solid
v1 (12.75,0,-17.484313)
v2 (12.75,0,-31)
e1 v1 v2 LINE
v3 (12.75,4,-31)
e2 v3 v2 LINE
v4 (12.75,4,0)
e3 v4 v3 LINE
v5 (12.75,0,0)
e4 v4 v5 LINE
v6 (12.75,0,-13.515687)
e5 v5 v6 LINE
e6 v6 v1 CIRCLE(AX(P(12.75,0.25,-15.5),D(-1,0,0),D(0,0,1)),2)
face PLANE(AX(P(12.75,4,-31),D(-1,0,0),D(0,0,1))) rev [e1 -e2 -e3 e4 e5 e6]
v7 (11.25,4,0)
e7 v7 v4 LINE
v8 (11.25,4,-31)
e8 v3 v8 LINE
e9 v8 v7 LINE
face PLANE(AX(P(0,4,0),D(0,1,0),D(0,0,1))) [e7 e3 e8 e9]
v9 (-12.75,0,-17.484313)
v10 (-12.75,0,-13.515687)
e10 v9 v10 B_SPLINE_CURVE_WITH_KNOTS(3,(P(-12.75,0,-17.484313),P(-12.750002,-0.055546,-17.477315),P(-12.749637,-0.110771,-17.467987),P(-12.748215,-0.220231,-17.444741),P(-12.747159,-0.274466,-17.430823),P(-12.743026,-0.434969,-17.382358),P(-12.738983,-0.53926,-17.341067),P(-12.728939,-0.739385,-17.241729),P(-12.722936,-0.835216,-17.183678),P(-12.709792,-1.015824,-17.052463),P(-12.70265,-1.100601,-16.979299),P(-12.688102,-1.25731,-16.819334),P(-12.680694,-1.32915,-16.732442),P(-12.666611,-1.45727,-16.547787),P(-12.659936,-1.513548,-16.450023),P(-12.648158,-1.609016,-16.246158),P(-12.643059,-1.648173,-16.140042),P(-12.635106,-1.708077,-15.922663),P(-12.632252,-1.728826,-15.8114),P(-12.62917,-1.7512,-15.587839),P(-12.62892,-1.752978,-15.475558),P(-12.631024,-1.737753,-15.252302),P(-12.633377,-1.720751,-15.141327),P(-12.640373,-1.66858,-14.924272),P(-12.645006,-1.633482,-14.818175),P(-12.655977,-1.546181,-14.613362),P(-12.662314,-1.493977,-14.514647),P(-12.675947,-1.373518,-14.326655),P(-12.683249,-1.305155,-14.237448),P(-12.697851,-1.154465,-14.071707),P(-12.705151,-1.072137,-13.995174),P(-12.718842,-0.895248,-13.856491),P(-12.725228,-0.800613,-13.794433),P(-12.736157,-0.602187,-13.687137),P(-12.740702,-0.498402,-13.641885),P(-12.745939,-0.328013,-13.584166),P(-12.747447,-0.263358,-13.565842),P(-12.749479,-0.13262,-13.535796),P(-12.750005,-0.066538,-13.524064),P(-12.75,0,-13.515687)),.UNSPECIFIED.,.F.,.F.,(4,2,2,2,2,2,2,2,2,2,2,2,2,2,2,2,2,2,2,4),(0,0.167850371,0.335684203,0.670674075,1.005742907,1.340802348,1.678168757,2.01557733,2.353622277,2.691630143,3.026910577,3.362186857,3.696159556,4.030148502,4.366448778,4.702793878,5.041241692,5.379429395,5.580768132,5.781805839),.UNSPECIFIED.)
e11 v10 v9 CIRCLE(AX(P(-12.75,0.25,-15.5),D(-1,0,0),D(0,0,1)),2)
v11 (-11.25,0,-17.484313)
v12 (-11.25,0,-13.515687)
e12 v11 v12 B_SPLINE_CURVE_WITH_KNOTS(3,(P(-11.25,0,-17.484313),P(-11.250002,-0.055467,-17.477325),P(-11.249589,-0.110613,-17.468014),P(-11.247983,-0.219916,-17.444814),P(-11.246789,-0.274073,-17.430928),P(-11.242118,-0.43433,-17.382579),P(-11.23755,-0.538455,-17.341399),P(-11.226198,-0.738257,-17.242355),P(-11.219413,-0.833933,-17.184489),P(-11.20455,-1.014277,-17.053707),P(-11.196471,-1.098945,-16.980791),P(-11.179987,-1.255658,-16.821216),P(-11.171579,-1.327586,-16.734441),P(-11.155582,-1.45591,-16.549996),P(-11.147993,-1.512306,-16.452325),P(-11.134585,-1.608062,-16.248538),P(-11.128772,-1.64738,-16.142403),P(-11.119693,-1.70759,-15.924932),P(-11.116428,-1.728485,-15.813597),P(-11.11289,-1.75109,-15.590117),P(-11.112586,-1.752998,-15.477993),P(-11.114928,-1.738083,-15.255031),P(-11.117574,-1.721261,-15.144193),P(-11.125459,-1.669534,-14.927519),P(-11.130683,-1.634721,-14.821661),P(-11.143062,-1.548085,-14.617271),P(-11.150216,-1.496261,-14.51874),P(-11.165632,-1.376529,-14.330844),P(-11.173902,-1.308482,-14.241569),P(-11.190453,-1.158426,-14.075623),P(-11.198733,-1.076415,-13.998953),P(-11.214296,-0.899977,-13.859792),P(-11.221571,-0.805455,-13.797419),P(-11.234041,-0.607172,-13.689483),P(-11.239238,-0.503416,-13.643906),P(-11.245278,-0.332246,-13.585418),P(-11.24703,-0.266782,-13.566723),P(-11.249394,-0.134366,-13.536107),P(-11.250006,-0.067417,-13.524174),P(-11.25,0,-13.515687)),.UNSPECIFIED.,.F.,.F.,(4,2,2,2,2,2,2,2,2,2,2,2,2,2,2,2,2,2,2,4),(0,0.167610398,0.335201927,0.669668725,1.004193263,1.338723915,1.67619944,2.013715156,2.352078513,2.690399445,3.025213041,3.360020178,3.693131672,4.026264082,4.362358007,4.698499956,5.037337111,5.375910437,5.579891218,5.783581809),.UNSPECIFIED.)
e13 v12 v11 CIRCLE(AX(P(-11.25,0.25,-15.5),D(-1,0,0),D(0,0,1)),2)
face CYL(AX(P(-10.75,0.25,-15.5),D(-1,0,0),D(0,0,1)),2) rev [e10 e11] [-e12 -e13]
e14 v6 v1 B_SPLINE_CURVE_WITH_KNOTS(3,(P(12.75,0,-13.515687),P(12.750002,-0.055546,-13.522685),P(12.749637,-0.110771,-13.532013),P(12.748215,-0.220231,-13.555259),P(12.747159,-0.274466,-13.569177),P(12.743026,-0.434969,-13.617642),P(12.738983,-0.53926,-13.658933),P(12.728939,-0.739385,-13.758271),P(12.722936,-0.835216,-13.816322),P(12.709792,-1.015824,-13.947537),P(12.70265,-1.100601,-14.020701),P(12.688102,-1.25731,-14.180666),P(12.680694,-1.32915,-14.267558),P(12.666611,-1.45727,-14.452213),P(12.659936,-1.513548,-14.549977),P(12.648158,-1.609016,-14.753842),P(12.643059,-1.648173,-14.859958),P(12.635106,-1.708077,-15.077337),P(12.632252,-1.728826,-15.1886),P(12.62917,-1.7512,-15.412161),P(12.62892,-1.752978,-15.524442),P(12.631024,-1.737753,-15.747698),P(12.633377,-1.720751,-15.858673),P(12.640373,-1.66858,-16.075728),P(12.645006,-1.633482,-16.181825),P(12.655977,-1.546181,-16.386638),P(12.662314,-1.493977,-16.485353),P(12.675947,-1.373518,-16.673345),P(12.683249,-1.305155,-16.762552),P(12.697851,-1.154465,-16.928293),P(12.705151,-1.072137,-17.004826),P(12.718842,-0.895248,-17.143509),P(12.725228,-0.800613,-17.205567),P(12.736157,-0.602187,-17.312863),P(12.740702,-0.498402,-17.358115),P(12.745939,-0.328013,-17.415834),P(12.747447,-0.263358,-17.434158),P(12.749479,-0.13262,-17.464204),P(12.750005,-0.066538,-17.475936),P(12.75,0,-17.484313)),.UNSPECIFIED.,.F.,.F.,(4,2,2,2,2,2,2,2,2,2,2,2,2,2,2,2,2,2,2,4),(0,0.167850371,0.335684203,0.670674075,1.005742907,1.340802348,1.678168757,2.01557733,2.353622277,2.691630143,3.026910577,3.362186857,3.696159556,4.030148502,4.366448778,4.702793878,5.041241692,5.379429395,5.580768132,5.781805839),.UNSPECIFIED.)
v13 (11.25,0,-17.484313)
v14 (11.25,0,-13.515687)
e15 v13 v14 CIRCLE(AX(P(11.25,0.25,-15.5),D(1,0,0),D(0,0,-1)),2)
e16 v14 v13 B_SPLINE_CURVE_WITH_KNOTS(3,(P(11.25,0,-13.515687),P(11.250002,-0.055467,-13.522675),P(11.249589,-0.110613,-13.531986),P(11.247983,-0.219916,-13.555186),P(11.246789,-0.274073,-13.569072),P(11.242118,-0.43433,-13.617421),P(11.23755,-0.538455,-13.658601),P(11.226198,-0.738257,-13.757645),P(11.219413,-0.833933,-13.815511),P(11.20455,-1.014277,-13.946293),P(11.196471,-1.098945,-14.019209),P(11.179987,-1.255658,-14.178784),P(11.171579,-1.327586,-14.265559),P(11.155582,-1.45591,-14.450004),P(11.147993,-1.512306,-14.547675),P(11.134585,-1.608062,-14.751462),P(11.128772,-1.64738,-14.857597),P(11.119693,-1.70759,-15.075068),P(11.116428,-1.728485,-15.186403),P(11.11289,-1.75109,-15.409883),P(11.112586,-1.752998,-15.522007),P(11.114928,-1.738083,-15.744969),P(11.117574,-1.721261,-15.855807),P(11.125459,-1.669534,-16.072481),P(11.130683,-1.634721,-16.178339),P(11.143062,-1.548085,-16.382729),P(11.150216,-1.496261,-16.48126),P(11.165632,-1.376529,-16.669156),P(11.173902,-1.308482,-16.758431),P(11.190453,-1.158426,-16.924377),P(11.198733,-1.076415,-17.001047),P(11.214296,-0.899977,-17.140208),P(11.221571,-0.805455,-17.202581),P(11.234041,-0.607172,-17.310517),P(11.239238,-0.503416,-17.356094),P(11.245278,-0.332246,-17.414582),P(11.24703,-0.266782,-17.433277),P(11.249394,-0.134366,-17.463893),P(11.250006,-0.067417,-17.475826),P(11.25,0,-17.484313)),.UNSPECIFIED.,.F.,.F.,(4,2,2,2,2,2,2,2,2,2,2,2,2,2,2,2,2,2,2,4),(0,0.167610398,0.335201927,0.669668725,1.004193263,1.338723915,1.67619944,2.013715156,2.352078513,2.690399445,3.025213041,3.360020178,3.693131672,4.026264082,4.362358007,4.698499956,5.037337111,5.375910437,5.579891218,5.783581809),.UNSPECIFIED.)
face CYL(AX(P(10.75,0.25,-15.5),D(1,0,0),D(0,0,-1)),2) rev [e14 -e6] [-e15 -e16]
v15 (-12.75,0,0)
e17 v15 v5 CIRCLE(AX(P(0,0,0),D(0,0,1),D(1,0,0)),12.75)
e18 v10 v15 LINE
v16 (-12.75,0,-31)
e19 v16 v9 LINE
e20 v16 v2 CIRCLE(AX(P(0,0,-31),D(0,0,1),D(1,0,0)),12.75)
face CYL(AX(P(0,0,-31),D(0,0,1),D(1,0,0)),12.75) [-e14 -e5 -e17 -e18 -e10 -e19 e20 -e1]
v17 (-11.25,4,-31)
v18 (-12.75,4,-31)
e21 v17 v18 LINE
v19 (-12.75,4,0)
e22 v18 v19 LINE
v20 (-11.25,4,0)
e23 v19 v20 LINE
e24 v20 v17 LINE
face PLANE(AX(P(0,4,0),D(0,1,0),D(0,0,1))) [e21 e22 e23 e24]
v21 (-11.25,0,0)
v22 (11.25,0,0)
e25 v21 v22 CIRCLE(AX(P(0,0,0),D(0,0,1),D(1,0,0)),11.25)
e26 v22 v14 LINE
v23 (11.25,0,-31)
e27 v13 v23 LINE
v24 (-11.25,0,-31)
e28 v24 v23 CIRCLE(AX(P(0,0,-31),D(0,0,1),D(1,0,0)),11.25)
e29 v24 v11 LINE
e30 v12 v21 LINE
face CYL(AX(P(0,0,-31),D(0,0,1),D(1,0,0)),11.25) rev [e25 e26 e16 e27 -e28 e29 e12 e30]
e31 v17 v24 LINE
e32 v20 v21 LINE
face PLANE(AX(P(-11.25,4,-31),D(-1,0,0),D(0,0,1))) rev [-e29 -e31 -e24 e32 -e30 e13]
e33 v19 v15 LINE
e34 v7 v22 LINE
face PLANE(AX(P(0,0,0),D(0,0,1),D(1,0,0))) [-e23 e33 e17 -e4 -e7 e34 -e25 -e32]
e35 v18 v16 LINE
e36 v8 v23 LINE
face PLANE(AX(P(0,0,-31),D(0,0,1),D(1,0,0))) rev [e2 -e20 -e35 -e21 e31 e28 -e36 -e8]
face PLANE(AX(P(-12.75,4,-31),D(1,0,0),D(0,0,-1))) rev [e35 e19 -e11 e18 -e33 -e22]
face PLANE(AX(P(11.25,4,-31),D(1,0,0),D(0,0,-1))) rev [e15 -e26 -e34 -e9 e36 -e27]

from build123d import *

# Parameters (mm, degrees)
SKETCH1_R           = 12.75
BOSS_EXTRUDE1_DEPTH = 31
SKETCH2_R           = 11.25
CUT_EXTRUDE1_DEPTH  = 31
SKETCH3_W           = 26.062962729
SKETCH3_H           = 13.122907939
CUT_EXTRUDE2_DEPTH  = 31
SKETCH8_W           = 1.5
SKETCH8_H           = 31
BOSS_EXTRUDE3_DEPTH = 4
SKETCH11_R          = 2
CUT_EXTRUDE3_DEPTH  = 2
CUT_EXTRUDE4_START  = -2
SKETCH9_R           = 2
CUT_EXTRUDE4_DEPTH  = 2


with BuildPart() as part:
    # Sketch1 → Boss-Extrude1 (new body)
    with BuildSketch(Plane.XY):
        Circle(SKETCH1_R)
    extrude(amount=-BOSS_EXTRUDE1_DEPTH)

    # Sketch2 → Cut-Extrude1 (cut)
    with BuildSketch(Plane.XY):
        Circle(SKETCH2_R)
    extrude(amount=-CUT_EXTRUDE1_DEPTH, mode=Mode.SUBTRACT)

    # Sketch3 → Cut-Extrude2 (cut)
    with BuildSketch(Plane.XY):
        with Locations((0.281481365, 6.56145397)):
            Rectangle(SKETCH3_W, SKETCH3_H)
    extrude(amount=-CUT_EXTRUDE2_DEPTH, mode=Mode.SUBTRACT)

    # Sketch8 → Boss-Extrude3 (add)
    with BuildSketch(Plane(origin=(0, 0, 0), x_dir=(1, 0, 0), z_dir=(0, 1, 0))):
        with Locations((-12, 15.5)):
            Rectangle(SKETCH8_W, SKETCH8_H)
        with Locations((12, 15.5)):
            Rectangle(SKETCH8_W, SKETCH8_H)
    extrude(amount=BOSS_EXTRUDE3_DEPTH)

    # Sketch11 → Cut-Extrude3 (cut)
    with BuildSketch(Plane.ZY.offset(12.75)):
        with Locations(Location((-15.5, 0.25, 0), (0, 0, 352.819244219))):
            Circle(SKETCH11_R)
    extrude(amount=-CUT_EXTRUDE3_DEPTH, mode=Mode.SUBTRACT)

    # Sketch9 → Cut-Extrude4 (cut)
    with BuildSketch(Plane(origin=(12.75, 0, 0), x_dir=(0, 0, -1), z_dir=(1, 0, 0)).offset(CUT_EXTRUDE4_START)):
        with Locations(Location((15.5, 0.25, 0), (0, 0, 187.180755781))):
            Circle(SKETCH9_R)
    extrude(amount=CUT_EXTRUDE4_DEPTH, mode=Mode.SUBTRACT)


solid = part.part
